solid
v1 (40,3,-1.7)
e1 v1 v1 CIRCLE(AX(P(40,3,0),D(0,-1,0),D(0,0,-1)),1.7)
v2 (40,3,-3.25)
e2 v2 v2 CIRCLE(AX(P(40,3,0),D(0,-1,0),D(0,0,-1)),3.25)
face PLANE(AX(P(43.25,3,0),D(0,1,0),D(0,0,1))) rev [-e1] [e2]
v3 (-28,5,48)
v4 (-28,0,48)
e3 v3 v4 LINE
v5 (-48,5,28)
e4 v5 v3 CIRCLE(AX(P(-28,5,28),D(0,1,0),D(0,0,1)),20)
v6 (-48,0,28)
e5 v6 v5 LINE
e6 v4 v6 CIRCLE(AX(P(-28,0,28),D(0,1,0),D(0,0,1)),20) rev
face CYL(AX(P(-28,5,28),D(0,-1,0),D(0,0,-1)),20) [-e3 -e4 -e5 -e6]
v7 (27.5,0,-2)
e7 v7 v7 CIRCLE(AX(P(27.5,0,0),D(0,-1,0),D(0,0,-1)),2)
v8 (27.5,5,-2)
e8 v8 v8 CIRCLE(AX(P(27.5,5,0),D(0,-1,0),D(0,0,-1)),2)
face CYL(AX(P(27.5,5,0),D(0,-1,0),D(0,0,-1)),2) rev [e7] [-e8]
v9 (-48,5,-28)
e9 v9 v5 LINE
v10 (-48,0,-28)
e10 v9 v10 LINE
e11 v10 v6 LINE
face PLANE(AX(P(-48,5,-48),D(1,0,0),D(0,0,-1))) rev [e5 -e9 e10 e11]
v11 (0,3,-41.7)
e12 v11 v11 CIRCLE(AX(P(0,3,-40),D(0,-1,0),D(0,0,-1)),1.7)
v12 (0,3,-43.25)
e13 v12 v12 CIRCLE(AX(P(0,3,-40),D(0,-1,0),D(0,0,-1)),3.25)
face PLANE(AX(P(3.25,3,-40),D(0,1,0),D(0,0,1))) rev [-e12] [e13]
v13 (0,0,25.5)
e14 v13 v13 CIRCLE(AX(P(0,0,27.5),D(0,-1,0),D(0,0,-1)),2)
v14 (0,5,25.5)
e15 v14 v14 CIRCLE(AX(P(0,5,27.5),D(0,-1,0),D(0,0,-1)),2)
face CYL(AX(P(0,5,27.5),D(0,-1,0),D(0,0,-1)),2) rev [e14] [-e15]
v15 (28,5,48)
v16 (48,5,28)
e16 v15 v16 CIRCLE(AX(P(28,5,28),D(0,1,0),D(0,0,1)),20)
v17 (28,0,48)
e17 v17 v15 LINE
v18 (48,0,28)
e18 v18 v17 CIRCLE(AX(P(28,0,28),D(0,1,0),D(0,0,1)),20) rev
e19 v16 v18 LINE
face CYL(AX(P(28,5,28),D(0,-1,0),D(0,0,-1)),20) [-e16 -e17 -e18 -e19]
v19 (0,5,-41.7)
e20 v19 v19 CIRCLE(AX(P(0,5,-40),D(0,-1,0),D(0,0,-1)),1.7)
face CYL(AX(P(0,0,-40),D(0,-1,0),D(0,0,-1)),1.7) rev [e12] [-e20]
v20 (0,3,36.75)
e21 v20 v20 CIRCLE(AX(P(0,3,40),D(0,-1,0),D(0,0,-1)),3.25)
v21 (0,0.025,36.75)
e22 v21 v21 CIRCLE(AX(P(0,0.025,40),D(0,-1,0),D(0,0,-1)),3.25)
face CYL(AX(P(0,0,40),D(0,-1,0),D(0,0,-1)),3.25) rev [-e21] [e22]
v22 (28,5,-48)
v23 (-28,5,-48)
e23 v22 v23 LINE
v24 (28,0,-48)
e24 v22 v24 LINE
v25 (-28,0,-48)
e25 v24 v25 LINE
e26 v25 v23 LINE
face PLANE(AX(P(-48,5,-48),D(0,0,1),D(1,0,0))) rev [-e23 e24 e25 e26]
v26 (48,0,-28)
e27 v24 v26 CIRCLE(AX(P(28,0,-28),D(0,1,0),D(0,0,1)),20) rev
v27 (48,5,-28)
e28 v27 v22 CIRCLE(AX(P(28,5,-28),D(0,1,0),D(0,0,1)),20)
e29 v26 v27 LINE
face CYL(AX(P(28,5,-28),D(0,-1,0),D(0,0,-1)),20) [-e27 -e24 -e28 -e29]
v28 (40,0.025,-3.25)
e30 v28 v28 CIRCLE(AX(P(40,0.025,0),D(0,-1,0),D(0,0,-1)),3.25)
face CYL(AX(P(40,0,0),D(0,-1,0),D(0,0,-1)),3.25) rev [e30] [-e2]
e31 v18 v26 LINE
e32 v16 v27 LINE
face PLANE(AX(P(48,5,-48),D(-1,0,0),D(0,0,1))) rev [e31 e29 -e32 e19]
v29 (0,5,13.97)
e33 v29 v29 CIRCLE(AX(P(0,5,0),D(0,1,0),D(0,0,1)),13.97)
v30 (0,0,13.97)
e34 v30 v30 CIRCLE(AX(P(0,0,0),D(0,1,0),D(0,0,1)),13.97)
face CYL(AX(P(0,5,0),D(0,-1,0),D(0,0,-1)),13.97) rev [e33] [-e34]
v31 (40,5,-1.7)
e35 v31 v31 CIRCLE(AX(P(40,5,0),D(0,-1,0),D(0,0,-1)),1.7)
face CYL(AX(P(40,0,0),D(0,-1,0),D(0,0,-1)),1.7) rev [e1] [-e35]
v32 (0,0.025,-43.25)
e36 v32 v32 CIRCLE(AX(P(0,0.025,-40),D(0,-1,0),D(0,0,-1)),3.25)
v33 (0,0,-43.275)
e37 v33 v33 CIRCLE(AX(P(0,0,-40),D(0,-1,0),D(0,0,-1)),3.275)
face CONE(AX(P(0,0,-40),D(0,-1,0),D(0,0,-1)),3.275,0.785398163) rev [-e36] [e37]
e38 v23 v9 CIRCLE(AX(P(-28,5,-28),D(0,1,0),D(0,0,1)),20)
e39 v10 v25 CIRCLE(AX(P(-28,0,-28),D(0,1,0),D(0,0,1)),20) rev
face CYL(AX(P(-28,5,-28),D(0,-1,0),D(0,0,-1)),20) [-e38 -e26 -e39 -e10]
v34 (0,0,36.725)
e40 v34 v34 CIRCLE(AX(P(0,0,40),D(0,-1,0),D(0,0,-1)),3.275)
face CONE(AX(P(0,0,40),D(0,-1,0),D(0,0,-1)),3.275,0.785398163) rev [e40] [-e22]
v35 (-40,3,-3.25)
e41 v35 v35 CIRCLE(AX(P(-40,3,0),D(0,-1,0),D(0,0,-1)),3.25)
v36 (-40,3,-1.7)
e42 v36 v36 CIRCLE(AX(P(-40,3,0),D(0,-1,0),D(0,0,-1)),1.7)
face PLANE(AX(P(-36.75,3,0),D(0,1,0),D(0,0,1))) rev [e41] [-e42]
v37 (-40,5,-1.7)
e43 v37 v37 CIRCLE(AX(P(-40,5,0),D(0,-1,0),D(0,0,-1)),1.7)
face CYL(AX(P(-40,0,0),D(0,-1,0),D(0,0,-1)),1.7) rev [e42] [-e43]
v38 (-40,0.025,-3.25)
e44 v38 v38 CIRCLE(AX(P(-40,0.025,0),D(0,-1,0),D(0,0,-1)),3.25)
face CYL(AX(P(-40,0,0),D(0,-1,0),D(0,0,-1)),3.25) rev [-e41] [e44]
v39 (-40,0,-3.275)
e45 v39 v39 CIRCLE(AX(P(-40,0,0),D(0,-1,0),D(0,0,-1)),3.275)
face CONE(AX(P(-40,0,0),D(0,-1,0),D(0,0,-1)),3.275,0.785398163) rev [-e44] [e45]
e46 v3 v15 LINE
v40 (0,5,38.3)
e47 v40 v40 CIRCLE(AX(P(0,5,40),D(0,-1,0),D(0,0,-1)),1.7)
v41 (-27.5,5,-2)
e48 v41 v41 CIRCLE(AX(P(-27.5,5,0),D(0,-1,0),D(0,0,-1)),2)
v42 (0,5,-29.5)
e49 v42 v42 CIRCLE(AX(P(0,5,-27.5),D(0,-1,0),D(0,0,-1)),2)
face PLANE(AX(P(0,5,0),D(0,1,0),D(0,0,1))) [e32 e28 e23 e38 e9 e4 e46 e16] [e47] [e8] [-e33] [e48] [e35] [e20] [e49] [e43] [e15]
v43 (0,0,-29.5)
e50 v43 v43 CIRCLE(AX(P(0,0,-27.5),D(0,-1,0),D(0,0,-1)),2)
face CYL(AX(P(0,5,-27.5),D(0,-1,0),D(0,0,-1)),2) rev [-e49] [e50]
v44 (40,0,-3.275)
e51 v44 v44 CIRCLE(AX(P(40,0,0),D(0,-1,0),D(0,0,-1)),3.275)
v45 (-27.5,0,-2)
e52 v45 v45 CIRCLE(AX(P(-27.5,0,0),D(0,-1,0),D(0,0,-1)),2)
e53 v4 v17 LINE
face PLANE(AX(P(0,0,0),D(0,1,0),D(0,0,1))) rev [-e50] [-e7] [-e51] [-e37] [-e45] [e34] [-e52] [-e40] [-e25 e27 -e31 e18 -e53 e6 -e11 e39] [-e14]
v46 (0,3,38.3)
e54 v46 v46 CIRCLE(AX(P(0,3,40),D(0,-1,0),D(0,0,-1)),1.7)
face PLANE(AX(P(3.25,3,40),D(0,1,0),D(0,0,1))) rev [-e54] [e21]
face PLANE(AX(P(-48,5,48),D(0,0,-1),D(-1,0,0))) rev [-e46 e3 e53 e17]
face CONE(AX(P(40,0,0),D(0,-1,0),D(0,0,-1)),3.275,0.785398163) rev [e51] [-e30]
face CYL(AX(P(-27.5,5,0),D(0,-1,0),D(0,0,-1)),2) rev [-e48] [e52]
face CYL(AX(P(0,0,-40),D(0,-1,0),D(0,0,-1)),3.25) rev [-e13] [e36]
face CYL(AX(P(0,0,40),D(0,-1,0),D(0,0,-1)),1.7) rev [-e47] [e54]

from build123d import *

# Parameters (mm, degrees)
SKETCH1_W                     = 96
SKETCH1_H                     = 96
SKETCH1_R                     = 13.97
BOSS_EXTRUDE1_DEPTH           = 5
FILLET1_R                     = 20
CBORE_FOR_M3_SHCS1_AT_2_COUNT = 2
CBORE_FOR_M3_SHCS1_AT_2_PITCH = 56.568542495
CBORE_FOR_M3_SHCS1_AT_3_COUNT = 2
CBORE_FOR_M3_SHCS1_AT_3_PITCH = 80
CBORE_FOR_M3_SHCS1_AT_4_COUNT = 2
CBORE_FOR_M3_SHCS1_AT_4_PITCH = 56.568542495
SKETCH7_R                     = 2
CUT_EXTRUDE1_DEPTH            = 69.066144301


with BuildPart() as part:
    # Sketch1 → Boss-Extrude1 (new body)
    with BuildSketch(Plane(origin=(0, 0, 0), x_dir=(1, 0, 0), z_dir=(0, 1, 0))):
        Rectangle(SKETCH1_W, SKETCH1_H)
        with Locations(Location((0, 0, 0), (0, 0, 270))):
            Circle(SKETCH1_R, mode=Mode.SUBTRACT)
    extrude(amount=BOSS_EXTRUDE1_DEPTH)

    # Fillet1
    fillet1_edges = [part.edges().sort_by_distance(p)[0] for p in [
        (-48, 2.5, -48),
        (48, 2.5, -48),
        (48, 2.5, 48),
        (-48, 2.5, 48),
    ]]
    fillet(fillet1_edges, radius=FILLET1_R)

    # Sketch6 → CBORE for M3 SHCS1 (revolve, cut)
    with BuildSketch(Plane(origin=(-40, 0, 0), x_dir=(0, 0, -1), z_dir=(1, 0, 0))):
        Polygon((0, 0), (0, 5), (1.7, 5), (1.7, 3), (3.25, 3), (3.25, 0.025), (3.275, 0), align=None)
    cbore_for_m3_shcs1 = revolve(axis=Axis((-40, -6.35, 0), (0, 1, 0)), mode=Mode.SUBTRACT)

    # CBORE for M3 SHCS1 at 2: CBORE for M3 SHCS1 ×2
    with Locations(*[Vector(0.7071067811865476, 0, 0.7071067811865476) * (i * CBORE_FOR_M3_SHCS1_AT_2_PITCH) for i in range(1, CBORE_FOR_M3_SHCS1_AT_2_COUNT)]):
        add(cbore_for_m3_shcs1, mode=Mode.SUBTRACT)

    # CBORE for M3 SHCS1 at 3: CBORE for M3 SHCS1 ×2
    with Locations(*[(i * CBORE_FOR_M3_SHCS1_AT_3_PITCH, 0, 0) for i in range(1, CBORE_FOR_M3_SHCS1_AT_3_COUNT)]):
        add(cbore_for_m3_shcs1, mode=Mode.SUBTRACT)

    # CBORE for M3 SHCS1 at 4: CBORE for M3 SHCS1 ×2
    with Locations(*[Vector(0.7071067811865476, 0, -0.7071067811865476) * (i * CBORE_FOR_M3_SHCS1_AT_4_PITCH) for i in range(1, CBORE_FOR_M3_SHCS1_AT_4_COUNT)]):
        add(cbore_for_m3_shcs1, mode=Mode.SUBTRACT)

    # Sketch7 → Cut-Extrude1 (cut, through all)
    with BuildSketch(Plane.XZ):
        with Locations(Location((-27.5, 0, 0), (0, 0, 270))):
            Circle(SKETCH7_R)
        with Locations(Location((0, 27.5, 0), (0, 0, 270))):
            Circle(SKETCH7_R)
        with Locations(Location((27.5, 0, 0), (0, 0, 270))):
            Circle(SKETCH7_R)
        with Locations(Location((0, -27.5, 0), (0, 0, 270))):
            Circle(SKETCH7_R)
    extrude(amount=-CUT_EXTRUDE1_DEPTH, mode=Mode.SUBTRACT)


solid = part.part
